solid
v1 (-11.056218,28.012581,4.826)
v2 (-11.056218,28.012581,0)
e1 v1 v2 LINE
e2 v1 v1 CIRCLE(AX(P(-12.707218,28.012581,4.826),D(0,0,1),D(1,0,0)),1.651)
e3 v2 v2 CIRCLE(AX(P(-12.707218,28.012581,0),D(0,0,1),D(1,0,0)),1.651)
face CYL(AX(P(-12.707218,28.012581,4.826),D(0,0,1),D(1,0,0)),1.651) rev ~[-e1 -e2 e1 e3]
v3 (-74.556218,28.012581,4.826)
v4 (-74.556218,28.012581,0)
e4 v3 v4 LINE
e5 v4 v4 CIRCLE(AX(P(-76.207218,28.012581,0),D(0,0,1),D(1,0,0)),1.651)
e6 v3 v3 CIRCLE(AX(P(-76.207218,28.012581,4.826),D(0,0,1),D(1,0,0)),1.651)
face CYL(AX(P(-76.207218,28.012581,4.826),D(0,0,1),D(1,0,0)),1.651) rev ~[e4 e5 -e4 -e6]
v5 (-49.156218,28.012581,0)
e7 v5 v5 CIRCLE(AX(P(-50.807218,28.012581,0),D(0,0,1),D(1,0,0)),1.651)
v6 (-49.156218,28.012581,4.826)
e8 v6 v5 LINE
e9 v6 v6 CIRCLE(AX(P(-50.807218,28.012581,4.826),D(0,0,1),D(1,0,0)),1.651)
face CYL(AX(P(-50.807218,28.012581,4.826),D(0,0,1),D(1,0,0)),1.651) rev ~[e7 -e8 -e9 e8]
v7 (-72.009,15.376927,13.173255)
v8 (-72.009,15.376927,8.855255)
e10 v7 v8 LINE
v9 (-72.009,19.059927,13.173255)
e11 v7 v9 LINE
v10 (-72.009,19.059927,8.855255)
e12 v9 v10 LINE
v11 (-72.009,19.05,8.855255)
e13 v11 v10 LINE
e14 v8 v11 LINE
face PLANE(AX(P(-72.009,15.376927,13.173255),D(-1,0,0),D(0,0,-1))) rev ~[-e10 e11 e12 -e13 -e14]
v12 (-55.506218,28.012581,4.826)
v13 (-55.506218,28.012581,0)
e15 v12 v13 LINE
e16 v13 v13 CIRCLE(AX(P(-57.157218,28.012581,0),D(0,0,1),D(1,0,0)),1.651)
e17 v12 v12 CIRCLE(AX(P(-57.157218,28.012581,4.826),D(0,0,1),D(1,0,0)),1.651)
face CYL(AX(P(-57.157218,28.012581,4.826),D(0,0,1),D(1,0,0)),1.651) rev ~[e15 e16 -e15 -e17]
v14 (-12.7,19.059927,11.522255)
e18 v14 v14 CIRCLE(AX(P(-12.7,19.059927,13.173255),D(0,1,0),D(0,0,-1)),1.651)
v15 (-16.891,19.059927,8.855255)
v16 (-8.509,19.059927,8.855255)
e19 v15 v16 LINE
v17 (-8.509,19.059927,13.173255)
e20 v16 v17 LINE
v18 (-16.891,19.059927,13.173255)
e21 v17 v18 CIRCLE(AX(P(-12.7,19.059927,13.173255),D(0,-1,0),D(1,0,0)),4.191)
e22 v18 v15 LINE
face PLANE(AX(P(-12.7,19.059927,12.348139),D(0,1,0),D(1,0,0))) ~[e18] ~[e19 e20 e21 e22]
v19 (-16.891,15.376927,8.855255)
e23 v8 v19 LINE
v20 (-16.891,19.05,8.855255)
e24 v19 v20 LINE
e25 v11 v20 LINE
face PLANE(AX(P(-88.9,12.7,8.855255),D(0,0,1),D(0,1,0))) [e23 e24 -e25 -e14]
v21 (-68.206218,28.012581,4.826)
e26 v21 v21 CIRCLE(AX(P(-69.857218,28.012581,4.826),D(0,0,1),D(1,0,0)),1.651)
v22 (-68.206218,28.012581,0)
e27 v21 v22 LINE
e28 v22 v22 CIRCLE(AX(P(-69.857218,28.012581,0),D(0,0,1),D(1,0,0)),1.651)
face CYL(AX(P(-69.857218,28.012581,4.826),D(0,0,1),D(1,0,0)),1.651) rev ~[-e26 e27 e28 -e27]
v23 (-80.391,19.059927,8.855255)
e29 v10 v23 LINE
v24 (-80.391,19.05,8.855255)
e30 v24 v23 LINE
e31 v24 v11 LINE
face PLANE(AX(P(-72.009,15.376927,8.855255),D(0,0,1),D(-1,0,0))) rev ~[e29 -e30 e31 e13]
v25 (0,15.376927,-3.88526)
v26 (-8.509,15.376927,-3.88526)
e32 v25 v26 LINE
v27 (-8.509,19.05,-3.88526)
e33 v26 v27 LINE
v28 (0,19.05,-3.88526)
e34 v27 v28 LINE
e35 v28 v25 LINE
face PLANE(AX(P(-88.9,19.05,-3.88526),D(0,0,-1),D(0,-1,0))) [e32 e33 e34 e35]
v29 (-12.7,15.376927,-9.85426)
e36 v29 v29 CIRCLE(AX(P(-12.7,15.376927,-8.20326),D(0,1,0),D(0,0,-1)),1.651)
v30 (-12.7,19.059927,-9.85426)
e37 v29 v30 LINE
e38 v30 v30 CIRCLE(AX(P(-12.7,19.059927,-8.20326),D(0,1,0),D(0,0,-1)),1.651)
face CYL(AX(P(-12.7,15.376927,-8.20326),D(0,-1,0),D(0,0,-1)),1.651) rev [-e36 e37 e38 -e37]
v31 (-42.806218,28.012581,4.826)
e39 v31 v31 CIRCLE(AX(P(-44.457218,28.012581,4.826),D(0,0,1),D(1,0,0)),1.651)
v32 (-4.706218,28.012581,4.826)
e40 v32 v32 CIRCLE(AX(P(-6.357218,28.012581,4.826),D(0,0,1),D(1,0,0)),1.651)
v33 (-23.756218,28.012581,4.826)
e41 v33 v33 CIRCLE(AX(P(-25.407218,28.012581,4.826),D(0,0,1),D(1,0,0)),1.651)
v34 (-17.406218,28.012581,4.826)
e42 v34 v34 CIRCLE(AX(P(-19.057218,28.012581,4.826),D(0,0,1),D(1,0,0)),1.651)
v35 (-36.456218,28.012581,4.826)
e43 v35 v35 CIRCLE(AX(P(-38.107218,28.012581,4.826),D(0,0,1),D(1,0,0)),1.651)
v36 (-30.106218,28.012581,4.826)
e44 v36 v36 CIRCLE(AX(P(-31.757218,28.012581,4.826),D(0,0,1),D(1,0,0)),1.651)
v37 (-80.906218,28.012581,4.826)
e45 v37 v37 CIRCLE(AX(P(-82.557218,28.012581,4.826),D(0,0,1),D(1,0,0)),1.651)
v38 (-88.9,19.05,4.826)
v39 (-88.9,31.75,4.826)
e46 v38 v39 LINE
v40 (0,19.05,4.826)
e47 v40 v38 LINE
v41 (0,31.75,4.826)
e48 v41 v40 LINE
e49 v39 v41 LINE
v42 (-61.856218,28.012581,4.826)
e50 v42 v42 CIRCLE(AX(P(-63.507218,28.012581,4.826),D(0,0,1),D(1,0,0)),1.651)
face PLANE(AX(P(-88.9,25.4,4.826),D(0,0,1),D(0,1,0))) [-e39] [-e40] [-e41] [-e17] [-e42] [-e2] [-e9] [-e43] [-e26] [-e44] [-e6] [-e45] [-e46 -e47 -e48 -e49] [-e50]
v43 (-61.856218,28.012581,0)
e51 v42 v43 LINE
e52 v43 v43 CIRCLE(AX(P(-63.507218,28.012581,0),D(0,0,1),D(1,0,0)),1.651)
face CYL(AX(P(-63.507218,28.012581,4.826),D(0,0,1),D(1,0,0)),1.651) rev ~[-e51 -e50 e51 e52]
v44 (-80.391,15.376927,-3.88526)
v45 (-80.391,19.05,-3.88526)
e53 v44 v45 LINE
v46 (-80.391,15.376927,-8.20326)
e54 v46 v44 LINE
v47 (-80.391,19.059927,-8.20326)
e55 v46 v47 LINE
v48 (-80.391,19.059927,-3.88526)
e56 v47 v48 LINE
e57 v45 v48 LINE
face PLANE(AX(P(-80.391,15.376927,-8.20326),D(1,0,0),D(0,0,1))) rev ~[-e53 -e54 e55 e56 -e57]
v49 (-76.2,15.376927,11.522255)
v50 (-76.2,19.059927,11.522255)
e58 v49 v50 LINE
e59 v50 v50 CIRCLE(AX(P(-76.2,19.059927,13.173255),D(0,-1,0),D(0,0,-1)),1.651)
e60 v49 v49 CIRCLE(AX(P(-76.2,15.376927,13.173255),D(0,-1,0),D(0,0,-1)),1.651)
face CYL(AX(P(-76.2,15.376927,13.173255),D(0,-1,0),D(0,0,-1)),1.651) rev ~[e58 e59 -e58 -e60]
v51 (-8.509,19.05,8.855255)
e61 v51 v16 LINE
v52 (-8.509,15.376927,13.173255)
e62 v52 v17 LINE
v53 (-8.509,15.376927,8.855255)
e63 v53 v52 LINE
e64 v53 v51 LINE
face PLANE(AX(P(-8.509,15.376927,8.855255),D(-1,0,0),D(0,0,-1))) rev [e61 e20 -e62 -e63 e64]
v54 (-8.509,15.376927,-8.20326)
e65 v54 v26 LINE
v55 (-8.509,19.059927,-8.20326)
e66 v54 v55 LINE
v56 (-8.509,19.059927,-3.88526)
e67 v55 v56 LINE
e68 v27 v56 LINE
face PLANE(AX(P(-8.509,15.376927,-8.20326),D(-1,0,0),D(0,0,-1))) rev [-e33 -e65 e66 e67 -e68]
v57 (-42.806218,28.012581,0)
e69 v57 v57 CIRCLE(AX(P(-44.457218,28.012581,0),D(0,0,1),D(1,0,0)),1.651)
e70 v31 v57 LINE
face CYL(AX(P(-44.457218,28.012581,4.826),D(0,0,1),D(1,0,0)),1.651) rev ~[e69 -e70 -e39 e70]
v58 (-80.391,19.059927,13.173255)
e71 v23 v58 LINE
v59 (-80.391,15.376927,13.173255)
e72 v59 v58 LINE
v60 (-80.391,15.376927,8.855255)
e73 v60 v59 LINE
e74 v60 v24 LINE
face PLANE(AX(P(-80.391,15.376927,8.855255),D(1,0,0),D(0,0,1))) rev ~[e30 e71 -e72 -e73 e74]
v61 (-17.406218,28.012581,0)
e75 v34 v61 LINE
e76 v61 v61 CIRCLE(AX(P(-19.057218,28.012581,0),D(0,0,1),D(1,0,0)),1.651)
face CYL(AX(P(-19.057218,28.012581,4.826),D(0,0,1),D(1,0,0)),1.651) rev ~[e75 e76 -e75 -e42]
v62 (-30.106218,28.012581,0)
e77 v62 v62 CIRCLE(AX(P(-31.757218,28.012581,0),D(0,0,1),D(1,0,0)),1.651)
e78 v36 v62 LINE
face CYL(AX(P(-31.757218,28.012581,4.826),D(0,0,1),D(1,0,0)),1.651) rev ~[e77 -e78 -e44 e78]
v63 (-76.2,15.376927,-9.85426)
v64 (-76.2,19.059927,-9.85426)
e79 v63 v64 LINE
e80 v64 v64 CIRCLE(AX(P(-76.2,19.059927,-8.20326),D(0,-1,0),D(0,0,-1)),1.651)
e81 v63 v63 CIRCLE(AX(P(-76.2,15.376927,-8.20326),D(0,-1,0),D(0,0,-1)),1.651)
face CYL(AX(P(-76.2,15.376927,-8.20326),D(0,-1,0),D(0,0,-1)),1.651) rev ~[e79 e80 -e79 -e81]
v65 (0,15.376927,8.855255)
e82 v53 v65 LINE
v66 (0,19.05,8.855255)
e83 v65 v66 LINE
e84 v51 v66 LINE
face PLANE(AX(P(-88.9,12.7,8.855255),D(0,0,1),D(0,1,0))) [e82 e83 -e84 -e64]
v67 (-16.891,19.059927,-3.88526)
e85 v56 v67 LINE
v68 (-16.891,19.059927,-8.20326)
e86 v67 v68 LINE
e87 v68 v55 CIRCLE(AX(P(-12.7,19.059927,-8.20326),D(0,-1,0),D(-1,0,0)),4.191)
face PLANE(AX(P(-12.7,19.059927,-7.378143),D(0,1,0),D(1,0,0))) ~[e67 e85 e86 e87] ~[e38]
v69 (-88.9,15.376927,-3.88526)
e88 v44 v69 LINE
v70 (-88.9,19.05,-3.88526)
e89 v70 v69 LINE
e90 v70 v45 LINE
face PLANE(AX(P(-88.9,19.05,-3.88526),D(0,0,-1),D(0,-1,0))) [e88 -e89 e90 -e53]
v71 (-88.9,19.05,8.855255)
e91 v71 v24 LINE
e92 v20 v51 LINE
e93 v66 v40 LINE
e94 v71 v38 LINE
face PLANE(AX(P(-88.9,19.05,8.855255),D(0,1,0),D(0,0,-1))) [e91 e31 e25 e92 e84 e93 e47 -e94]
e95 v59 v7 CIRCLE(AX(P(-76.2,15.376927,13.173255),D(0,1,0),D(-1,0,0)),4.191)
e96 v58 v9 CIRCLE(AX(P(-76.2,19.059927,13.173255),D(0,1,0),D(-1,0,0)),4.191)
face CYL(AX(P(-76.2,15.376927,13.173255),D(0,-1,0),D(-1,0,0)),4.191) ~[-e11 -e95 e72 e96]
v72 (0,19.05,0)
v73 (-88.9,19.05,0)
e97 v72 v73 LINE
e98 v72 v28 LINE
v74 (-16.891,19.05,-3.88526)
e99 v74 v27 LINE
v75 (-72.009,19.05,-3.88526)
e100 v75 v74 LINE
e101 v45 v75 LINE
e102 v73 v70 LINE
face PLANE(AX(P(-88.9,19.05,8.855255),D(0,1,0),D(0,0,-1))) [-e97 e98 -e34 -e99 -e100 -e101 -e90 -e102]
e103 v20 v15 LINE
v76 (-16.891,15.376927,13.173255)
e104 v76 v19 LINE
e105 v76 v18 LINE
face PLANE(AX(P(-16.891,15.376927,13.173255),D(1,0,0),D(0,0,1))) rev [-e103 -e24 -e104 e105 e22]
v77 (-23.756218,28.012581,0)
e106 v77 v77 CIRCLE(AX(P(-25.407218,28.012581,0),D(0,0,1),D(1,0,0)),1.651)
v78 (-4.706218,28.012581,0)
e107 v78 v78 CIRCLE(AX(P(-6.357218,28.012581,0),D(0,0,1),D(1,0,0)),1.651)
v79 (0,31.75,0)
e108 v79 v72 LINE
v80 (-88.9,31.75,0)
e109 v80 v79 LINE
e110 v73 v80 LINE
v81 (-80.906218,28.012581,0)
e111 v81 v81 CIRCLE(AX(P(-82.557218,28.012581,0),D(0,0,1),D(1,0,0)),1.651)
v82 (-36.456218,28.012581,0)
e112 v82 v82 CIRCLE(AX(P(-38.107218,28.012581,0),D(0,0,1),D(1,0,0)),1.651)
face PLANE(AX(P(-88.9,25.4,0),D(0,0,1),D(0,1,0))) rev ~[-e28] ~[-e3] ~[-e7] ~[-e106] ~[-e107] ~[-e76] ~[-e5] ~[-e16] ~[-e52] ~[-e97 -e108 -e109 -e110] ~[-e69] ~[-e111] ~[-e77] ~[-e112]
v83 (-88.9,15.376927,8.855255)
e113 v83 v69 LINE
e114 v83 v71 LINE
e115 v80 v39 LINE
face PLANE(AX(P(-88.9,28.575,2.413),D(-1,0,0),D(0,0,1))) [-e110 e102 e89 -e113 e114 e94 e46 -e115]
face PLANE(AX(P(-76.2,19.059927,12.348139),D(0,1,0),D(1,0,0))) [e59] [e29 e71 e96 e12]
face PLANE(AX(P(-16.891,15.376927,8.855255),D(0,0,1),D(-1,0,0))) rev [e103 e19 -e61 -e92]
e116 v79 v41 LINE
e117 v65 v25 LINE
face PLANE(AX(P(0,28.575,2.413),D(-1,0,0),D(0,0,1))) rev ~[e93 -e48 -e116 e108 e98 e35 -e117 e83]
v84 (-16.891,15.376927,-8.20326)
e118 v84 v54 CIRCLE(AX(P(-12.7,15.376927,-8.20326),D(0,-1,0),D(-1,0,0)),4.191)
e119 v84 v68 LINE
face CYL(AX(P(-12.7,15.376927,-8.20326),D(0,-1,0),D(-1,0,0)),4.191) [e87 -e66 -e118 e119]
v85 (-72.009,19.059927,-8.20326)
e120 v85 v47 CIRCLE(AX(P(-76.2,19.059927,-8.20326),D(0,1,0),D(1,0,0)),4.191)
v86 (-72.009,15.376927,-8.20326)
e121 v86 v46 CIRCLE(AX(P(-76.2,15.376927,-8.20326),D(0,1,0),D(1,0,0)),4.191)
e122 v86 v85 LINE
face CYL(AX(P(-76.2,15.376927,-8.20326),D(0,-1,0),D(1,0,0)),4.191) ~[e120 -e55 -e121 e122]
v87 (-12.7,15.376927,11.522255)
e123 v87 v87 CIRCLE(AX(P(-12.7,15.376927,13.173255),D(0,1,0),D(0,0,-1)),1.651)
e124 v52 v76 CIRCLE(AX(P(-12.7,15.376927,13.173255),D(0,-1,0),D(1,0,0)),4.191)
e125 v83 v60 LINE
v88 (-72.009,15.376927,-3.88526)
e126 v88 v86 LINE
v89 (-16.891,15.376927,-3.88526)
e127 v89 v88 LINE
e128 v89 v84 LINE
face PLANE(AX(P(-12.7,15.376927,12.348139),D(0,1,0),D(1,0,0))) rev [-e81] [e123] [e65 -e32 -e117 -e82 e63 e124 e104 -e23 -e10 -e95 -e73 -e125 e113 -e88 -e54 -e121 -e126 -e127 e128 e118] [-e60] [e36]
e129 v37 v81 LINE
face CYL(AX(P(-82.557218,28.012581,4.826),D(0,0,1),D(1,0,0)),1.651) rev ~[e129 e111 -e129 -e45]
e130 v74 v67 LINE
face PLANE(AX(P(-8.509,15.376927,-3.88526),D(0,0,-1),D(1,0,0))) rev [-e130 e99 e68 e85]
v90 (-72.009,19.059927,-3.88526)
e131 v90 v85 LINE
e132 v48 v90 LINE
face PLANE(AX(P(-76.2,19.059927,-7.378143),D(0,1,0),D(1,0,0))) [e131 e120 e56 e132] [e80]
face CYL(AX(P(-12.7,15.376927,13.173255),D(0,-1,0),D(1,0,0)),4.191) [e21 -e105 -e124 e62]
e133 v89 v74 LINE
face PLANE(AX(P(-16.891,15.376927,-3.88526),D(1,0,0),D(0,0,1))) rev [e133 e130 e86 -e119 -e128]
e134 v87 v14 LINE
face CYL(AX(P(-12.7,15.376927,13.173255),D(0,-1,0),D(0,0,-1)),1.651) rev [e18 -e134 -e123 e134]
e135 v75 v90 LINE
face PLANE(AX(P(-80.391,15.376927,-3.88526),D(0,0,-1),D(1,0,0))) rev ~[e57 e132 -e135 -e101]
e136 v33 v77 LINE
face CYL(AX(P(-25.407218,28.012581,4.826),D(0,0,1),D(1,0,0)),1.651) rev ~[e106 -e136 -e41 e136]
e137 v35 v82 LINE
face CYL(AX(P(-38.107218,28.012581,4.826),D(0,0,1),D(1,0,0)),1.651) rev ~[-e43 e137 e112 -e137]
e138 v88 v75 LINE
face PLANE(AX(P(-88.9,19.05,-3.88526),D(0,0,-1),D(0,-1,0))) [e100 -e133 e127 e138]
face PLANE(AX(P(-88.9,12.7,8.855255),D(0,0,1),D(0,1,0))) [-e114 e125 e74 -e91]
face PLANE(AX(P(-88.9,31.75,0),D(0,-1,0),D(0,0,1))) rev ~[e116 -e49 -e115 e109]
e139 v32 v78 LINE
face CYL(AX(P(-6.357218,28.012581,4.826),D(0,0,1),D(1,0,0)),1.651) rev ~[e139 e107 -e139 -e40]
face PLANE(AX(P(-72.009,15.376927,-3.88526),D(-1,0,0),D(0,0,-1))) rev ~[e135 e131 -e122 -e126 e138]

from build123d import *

# Parameters (mm, degrees)
SKETCH1_W           = 88.9
SKETCH1_H           = 25.4
BOSS_EXTRUDE1_DEPTH = 4.826
SKETCH3_W           = 88.9
SKETCH3_H           = 12.7
CUT_EXTRUDE2_DEPTH  = 93.583261317
BOSS_EXTRUDE2_DEPTH = 88.9
SKETCH7_W           = 88.9
SKETCH7_H           = 2.676927262
CUT_EXTRUDE3_DEPTH  = 94.331081232
SKETCH9_W           = 4.826
SKETCH9_H           = 6.35
BOSS_EXTRUDE3_DEPTH = 88.9
SKETCH11_R          = 1.651
CUT_EXTRUDE4_DEPTH  = 95.800625252
SKETCH13_R          = 1.651
BOSS_EXTRUDE4_DEPTH = 3.683


with BuildPart() as part:
    # Sketch1 → Boss-Extrude1 (new body)
    with BuildSketch(Plane.XY):
        with Locations((-44.45, 12.7)):
            Rectangle(SKETCH1_W, SKETCH1_H)
    extrude(amount=BOSS_EXTRUDE1_DEPTH)

    # Sketch3 → Cut-Extrude2 (cut, through all)
    with BuildSketch(Plane.XY.offset(4.826)):
        with Locations((-44.45, 6.35)):
            Rectangle(SKETCH3_W, SKETCH3_H)
    extrude(amount=-CUT_EXTRUDE2_DEPTH, mode=Mode.SUBTRACT)

    # Sketch6 → Boss-Extrude2 (add)
    with BuildSketch(Plane.ZY.offset(88.9)):
        Polygon((2.413, 12.7), (8.855255209, 12.7), (8.855255209, 19.05), (-3.885259846, 19.05), (-3.885259846, 12.7), align=None)
    extrude(amount=-BOSS_EXTRUDE2_DEPTH)

    # Sketch7 → Cut-Extrude3 (cut, through all)
    with BuildSketch(Plane.XY.offset(8.855255209)):
        with Locations((-44.45, 14.038463631)):
            Rectangle(SKETCH7_W, SKETCH7_H)
    extrude(amount=-CUT_EXTRUDE3_DEPTH, mode=Mode.SUBTRACT)

    # Sketch9 → Boss-Extrude3 (add)
    with BuildSketch(Plane.ZY.offset(88.9)):
        with Locations((2.413, 28.575)):
            Rectangle(SKETCH9_W, SKETCH9_H)
    extrude(amount=-BOSS_EXTRUDE3_DEPTH)

    # Sketch11 → Cut-Extrude4 (cut, through all)
    with BuildSketch(Plane.XY.offset(4.826)):
        with Locations((-82.557217843, 28.012581488)):
            Circle(SKETCH11_R)
        with Locations((-76.207217843, 28.012581488)):
            Circle(SKETCH11_R)
        with Locations((-69.857217843, 28.012581488)):
            Circle(SKETCH11_R)
        with Locations((-63.507217843, 28.012581488)):
            Circle(SKETCH11_R)
        with Locations((-57.157217843, 28.012581488)):
            Circle(SKETCH11_R)
        with Locations((-50.807217843, 28.012581488)):
            Circle(SKETCH11_R)
        with Locations((-44.457217843, 28.012581488)):
            Circle(SKETCH11_R)
        with Locations((-38.107217843, 28.012581488)):
            Circle(SKETCH11_R)
        with Locations((-31.757217843, 28.012581488)):
            Circle(SKETCH11_R)
        with Locations((-25.407217843, 28.012581488)):
            Circle(SKETCH11_R)
        with Locations((-19.057217843, 28.012581488)):
            Circle(SKETCH11_R)
        with Locations((-12.707217843, 28.012581488)):
            Circle(SKETCH11_R)
        with Locations((-6.357217843, 28.012581488)):
            Circle(SKETCH11_R)
    extrude(amount=-CUT_EXTRUDE4_DEPTH, mode=Mode.SUBTRACT)

    # Sketch13 → Boss-Extrude4 (add)
    # profile 1 of 2: a face of its own
    with BuildSketch(Plane(origin=(0, 15.376927262, 0), x_dir=(-1, 0, 0), z_dir=(0, -1, 0))):
        with BuildLine():
            Line((80.391, -8.855255209), (80.391, -13.173255209))
            ThreePointArc((80.391, -13.173255209), (76.2, -17.364255209), (72.009, -13.173255209))
            Line((72.009, -13.173255209), (72.009, -8.855255209))
            Line((72.009, -8.855255209), (80.391, -8.855255209))
        make_face()
        with Locations(Location((76.2, -13.173255209, 0), (0, 0, 90))):
            Circle(SKETCH13_R, mode=Mode.SUBTRACT)
    # profile 2 of 2: a face of its own
    with BuildSketch(Plane(origin=(0, 15.376927262, 0), x_dir=(-1, 0, 0), z_dir=(0, -1, 0))):
        with BuildLine():
            Line((72.009, 3.885259846), (72.009, 8.203259846))
            ThreePointArc((72.009, 8.203259846), (76.2, 12.394259846), (80.391, 8.203259846))
            Line((80.391, 8.203259846), (80.391, 3.885259846))
            Line((80.391, 3.885259846), (72.009, 3.885259846))
        make_face()
        with Locations(Location((76.2, 8.203259846, 0), (0, 0, 90))):
            Circle(SKETCH13_R, mode=Mode.SUBTRACT)
    boss_extrude4 = extrude(amount=-BOSS_EXTRUDE4_DEPTH)

    # Mirror2: Boss-Extrude4 across plane
    add(boss_extrude4.mirror(Plane(origin=(-44.45, 0, 0), x_dir=(0, 0, 1), z_dir=(1, 0, 0))))


solid = part.part
